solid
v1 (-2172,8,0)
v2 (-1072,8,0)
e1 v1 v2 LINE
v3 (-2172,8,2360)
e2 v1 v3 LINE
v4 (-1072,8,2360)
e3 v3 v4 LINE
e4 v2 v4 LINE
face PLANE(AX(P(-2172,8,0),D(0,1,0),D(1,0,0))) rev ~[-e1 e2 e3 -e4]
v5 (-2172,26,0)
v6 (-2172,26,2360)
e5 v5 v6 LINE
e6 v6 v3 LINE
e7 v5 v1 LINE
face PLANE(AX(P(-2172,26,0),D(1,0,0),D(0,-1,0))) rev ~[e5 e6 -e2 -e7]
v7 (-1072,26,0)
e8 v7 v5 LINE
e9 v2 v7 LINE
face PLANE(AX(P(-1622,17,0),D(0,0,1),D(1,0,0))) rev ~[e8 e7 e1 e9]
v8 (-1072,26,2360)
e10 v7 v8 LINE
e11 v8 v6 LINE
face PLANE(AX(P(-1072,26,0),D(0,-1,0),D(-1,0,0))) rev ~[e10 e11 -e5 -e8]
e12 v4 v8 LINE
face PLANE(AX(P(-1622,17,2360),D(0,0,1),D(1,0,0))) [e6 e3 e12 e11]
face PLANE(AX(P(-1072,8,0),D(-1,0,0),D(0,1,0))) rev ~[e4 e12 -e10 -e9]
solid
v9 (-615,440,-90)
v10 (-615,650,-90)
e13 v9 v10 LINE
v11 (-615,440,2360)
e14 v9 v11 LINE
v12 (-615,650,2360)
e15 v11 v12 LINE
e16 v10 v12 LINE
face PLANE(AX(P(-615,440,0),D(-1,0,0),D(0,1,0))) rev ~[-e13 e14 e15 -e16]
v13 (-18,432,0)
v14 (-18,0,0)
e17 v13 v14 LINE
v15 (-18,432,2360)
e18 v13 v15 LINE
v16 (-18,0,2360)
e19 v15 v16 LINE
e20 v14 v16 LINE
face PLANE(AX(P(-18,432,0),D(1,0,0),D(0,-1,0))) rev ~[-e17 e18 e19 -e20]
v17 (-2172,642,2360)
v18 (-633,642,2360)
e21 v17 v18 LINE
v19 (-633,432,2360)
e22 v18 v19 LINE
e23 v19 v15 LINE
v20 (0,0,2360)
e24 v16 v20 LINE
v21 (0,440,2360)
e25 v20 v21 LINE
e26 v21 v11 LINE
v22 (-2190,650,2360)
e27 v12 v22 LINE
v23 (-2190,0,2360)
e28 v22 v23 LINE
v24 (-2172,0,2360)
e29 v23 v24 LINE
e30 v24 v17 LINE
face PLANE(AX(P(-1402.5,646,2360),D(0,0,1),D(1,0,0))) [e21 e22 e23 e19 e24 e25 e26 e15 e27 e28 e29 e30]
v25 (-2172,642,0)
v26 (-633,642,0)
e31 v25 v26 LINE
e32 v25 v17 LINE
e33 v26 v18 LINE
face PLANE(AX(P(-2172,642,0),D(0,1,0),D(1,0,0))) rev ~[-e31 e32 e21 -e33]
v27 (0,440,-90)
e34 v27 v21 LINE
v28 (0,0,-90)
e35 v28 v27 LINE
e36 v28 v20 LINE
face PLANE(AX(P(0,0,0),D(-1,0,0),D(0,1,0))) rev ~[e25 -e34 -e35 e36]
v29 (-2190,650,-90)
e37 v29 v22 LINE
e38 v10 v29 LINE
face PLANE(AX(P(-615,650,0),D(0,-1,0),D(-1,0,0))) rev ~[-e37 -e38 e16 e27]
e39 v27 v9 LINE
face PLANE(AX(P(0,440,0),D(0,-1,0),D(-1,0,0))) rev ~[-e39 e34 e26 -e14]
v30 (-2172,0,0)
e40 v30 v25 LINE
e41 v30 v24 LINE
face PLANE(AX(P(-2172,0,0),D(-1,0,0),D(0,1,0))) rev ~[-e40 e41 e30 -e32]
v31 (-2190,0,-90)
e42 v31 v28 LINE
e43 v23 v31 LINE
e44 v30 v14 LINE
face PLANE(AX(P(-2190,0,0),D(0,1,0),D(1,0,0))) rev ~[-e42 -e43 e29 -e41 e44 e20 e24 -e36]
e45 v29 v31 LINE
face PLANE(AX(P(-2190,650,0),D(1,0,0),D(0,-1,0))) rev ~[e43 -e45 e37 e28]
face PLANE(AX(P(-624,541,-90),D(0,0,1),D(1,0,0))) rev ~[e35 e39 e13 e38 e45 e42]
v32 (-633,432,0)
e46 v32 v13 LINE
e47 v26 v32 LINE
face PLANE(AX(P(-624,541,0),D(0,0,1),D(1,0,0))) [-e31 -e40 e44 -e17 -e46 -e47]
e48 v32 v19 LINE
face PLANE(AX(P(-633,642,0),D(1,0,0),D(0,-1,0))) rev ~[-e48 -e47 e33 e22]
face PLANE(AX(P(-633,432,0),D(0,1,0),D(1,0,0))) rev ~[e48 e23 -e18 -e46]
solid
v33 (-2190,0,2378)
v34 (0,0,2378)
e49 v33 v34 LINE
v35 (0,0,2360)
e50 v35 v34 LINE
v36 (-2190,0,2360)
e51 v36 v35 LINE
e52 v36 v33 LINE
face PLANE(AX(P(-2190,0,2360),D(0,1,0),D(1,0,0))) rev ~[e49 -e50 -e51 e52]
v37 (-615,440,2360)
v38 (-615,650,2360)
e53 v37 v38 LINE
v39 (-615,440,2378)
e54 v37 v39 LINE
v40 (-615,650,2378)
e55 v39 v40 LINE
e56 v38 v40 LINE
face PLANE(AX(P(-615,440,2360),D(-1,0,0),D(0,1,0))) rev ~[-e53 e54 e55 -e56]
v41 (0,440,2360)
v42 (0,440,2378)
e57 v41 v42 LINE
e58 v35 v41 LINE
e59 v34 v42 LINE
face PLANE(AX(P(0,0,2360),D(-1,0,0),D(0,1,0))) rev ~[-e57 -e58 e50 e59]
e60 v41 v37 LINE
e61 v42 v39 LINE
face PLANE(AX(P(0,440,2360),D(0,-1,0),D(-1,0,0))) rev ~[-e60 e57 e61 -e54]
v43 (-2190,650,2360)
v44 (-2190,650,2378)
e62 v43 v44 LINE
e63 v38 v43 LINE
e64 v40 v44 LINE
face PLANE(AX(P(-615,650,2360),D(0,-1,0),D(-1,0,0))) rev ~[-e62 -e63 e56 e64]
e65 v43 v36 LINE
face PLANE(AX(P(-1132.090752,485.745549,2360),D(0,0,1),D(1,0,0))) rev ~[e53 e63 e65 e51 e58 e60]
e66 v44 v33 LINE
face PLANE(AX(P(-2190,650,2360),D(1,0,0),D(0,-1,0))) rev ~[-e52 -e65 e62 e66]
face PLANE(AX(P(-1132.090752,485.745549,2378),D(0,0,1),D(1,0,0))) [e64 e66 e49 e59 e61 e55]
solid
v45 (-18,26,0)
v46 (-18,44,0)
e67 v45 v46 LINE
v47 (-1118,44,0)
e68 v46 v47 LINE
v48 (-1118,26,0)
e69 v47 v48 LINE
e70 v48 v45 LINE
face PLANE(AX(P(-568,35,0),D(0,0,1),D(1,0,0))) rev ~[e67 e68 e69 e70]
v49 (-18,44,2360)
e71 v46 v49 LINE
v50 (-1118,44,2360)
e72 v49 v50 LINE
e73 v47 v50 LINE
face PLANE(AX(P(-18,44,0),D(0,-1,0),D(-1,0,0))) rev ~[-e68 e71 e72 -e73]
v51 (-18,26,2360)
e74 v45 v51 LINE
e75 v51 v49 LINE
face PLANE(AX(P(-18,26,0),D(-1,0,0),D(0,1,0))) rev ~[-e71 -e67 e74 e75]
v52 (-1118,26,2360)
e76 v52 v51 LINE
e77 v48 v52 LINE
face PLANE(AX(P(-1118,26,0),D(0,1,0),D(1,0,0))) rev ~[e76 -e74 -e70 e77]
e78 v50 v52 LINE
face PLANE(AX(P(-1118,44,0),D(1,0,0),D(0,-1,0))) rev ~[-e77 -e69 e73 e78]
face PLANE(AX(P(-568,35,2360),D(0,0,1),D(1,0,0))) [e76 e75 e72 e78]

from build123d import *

# Parameters (mm, degrees)
F1_DEPTH = 90
F2_DEPTH = 2360
F3_DEPTH = 2360
F4_DEPTH = 2360
F6_DEPTH = 18


with BuildPart() as f1:
    # F0 (on Top) → F1 (new body)
    with BuildSketch(Plane.XY):
        Polygon((-623, 440), (-615, 440), (-615, 650), (-624, 650), (-625, 650), (-625, 642), (-633, 642), (-633, 432), (-623, 432), align=None)
        Polygon((-10, 432), (-10, 440), (-18, 440), (-615, 440), (-623, 440), (-623, 432), (-615, 432), (-18, 432), align=None)
        Polygon((-2172, 650), (-2180, 650), (-2180, 642), (-2172, 642), (-633, 642), (-625, 642), (-625, 650), (-633, 650), (-2171.212093, 650), align=None)
        Polygon((-18, 0), (0, 0), (0, 440), (-10, 440), (-10, 432), (-18, 432), (-18, 44), (-18, 26), align=None)
        Polygon((-1118, 44), (-18, 44), (-18, 432), (-615, 432), (-623, 432), (-633, 432), (-633, 642), (-2172, 642), (-2172, 26), (-1118, 26), align=None)
        Polygon((-1072, 26), (-18, 26), (-18, 44), (-1118, 44), (-1118, 26), align=None)
        Polygon((-2172, 26), (-2172, 8), (-1072, 8), (-1072, 26), (-1118, 26), align=None)
        Polygon((-2172, 0), (-18, 0), (-18, 26), (-1072, 26), (-1072, 8), (-2172, 8), align=None)
        Polygon((-2190, 0), (-2172, 0), (-2172, 8), (-2172, 26), (-2172, 642), (-2180, 642), (-2180, 650), (-2190, 650), align=None)
    extrude(amount=-F1_DEPTH)

    # F0 (on Top) → F2 (join)
    with BuildSketch(Plane.XY):
        Polygon((-2172, 650), (-2180, 650), (-2180, 642), (-2172, 642), (-633, 642), (-625, 642), (-625, 650), (-633, 650), (-2171.212093, 650), align=None)
        Polygon((-623, 440), (-615, 440), (-615, 650), (-624, 650), (-625, 650), (-625, 642), (-633, 642), (-633, 432), (-623, 432), align=None)
        Polygon((-10, 432), (-10, 440), (-18, 440), (-615, 440), (-623, 440), (-623, 432), (-615, 432), (-18, 432), align=None)
        Polygon((-18, 0), (0, 0), (0, 440), (-10, 440), (-10, 432), (-18, 432), (-18, 44), (-18, 26), align=None)
        Polygon((-2190, 0), (-2172, 0), (-2172, 8), (-2172, 26), (-2172, 642), (-2180, 642), (-2180, 650), (-2190, 650), align=None)
    extrude(amount=F2_DEPTH)


with BuildPart() as f3:
    # F0 (on Top) → F3 (new body)
    with BuildSketch(Plane.XY):
        Polygon((-2172, 26), (-2172, 8), (-1072, 8), (-1072, 26), (-1118, 26), align=None)
    extrude(amount=F3_DEPTH)


with BuildPart() as f4:
    # F0 (on Top) → F4 (new body)
    with BuildSketch(Plane.XY):
        Polygon((-1072, 26), (-18, 26), (-18, 44), (-1118, 44), (-1118, 26), align=None)
    extrude(amount=F4_DEPTH)


with BuildPart() as f6:
    # F5 (on face) → F6 (new body)
    with BuildSketch(Plane.XY.offset(2360)):
        Polygon((-615, 440), (-615, 650), (-2190, 650), (-2190, 0), (-2172, 0), (-2172, 642), (-633, 642), (-633, 432), (-18, 432), (-18, 0), (0, 0), (0, 440), align=None)
        Polygon((-2172, 642), (-2172, 0), (-18, 0), (-18, 432), (-633, 432), (-633, 642), align=None)
    extrude(amount=F6_DEPTH)


solid = Compound([f1.part, f3.part, f4.part, f6.part])
